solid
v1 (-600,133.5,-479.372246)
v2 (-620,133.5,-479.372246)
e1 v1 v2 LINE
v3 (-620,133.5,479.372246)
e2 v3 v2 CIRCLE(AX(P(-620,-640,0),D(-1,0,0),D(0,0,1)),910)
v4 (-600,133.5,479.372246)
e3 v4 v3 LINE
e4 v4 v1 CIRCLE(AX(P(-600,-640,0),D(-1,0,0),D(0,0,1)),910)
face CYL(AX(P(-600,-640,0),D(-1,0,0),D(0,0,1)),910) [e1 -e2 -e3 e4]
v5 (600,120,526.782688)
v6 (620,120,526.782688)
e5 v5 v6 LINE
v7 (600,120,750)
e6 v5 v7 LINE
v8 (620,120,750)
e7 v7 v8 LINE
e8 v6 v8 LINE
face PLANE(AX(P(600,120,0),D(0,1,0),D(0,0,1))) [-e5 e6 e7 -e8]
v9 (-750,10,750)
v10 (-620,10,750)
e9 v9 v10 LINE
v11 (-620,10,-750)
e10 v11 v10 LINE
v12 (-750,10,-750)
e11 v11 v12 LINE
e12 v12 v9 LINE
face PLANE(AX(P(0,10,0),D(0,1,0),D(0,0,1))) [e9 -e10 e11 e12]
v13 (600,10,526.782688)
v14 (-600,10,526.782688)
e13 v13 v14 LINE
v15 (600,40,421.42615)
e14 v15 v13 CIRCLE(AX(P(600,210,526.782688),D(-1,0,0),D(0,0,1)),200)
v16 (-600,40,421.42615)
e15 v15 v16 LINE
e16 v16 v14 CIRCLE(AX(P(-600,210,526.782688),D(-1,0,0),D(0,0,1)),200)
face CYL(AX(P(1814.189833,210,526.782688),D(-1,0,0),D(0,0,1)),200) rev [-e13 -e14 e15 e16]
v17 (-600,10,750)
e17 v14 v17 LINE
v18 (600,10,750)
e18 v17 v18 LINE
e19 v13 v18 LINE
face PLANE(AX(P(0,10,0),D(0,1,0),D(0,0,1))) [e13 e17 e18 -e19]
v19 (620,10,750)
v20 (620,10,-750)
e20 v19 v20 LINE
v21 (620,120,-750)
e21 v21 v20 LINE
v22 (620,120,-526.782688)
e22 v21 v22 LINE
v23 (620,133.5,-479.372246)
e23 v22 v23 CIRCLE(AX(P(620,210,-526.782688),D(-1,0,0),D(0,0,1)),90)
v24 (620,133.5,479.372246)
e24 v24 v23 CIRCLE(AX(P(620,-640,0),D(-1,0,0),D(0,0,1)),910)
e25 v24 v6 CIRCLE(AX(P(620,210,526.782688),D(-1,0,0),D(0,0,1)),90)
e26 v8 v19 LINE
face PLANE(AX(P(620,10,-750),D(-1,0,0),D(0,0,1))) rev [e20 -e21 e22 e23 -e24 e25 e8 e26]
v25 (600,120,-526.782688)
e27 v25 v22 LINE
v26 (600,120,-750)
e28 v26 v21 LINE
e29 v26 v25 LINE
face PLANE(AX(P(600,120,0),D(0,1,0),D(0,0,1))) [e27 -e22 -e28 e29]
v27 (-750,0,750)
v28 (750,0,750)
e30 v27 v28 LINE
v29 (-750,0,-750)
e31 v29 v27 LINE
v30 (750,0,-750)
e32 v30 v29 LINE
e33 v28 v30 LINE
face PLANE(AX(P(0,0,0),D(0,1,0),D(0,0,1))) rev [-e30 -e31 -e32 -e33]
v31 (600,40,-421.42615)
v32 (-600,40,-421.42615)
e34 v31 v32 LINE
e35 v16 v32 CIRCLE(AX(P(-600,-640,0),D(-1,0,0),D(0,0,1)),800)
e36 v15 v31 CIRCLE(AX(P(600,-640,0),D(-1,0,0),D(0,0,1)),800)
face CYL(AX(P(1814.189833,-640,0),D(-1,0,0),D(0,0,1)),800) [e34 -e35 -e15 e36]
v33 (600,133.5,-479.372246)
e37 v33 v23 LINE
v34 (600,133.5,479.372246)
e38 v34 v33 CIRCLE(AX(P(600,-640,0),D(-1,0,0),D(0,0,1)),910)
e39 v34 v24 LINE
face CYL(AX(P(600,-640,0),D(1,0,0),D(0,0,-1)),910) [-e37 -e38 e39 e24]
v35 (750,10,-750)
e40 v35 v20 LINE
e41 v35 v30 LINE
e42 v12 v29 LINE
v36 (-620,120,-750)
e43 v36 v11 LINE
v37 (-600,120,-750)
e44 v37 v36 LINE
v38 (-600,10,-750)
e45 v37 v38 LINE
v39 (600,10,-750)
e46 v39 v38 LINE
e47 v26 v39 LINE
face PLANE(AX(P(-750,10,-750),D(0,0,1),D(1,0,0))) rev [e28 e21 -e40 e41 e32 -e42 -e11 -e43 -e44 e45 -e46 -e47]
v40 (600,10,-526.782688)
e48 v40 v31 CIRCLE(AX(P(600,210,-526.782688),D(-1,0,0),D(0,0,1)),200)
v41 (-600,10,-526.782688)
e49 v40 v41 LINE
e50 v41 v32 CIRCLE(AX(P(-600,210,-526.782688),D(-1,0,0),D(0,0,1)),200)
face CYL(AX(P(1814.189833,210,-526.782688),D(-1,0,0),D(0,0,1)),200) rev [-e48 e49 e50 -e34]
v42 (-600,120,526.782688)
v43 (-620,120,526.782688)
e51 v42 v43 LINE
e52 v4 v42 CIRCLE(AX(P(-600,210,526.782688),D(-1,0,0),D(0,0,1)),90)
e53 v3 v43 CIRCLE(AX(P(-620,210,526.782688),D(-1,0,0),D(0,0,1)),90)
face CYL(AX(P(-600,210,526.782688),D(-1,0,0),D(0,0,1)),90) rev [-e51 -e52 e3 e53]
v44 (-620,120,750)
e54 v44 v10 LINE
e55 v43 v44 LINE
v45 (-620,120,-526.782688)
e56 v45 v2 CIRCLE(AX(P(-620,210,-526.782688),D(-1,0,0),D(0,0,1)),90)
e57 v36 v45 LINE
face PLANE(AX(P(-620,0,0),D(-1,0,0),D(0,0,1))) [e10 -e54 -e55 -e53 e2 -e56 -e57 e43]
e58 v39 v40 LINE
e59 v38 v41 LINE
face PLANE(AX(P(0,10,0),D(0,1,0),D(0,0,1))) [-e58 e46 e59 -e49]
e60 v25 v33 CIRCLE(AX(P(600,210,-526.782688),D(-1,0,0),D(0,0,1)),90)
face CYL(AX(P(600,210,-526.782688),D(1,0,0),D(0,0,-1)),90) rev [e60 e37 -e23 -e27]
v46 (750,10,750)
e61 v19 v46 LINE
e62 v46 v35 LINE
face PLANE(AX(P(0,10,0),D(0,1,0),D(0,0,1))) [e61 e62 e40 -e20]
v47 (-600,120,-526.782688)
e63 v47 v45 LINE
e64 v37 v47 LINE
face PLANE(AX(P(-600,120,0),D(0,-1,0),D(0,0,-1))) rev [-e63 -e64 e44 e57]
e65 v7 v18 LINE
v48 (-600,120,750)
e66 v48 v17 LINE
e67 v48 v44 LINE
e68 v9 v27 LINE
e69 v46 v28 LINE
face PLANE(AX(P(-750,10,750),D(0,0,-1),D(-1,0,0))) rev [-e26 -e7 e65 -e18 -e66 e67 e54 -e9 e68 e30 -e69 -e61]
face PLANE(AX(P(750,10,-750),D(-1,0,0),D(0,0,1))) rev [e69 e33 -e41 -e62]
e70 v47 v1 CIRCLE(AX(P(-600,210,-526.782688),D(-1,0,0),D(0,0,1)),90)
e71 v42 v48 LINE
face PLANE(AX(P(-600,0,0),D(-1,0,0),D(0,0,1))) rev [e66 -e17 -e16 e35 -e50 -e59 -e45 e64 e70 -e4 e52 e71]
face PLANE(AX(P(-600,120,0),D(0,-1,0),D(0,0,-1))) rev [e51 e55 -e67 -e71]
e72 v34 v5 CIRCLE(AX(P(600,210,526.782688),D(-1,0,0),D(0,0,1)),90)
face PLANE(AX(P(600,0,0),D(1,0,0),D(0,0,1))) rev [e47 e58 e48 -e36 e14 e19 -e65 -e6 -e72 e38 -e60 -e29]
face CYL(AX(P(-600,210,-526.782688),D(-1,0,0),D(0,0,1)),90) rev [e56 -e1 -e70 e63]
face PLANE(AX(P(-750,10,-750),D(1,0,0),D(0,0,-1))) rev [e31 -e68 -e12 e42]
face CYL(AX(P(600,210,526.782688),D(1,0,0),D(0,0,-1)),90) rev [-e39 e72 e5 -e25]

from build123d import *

# Parameters (mm, degrees)
SKETCH2_W           = 1500
SKETCH2_H           = 1500
BOSS_EXTRUDE1_DEPTH = 10
BOSS_EXTRUDE3_DEPTH = 1240
BOSS_EXTRUDE4_DEPTH = 20


with BuildPart() as part:
    # Sketch2 → Boss-Extrude1 (new body)
    with BuildSketch(Plane(origin=(0, 0, 0), x_dir=(1, 0, 0), z_dir=(0, 1, 0))):
        Rectangle(SKETCH2_W, SKETCH2_H)
    extrude(amount=BOSS_EXTRUDE1_DEPTH)

    # Sketch4 → Boss-Extrude3 (add)
    with BuildSketch(Plane.ZY.offset(620)):
        with BuildLine():
            ThreePointArc((-421.426148374, 40.000001079), (-472.010430907, 17.646159664), (-526.782687643, 10))
            Line((-526.782687643, 10), (-466.368952654, 10))
            ThreePointArc((-466.368952654, 10), (-444.150915082, 25.379564333), (-421.426148373, 40.000001079))
        make_face()
        with BuildLine():
            ThreePointArc((-421.426148373, 40.000001079), (-444.150915082, 25.379564333), (-466.368952654, 10))
            Line((-466.368952654, 10), (466.368952654, 10))
            ThreePointArc((466.368952654, 10), (444.150917669, 25.379562606), (421.426153659, 39.999997803))
            ThreePointArc((421.426153659, 39.999997803), (3.109e-06, 160), (-421.426148373, 40.000001079))
        make_face()
        with BuildLine():
            ThreePointArc((421.426153659, 39.999997803), (444.150917669, 25.379562606), (466.368952654, 10))
            Line((466.368952654, 10), (526.782687643, 10))
            ThreePointArc((526.782687643, 10), (472.010433898, 17.646158812), (421.426153659, 39.999997803))
        make_face()
    extrude(amount=-BOSS_EXTRUDE3_DEPTH)

    # Sketch5 → Boss-Extrude4 (add)
    with BuildSketch(Plane.ZY.offset(620)):
        with BuildLine():
            Line((-750, 120), (-750, 10))
            Line((-750, 10), (-526.782687643, 10))
            ThreePointArc((-526.782687643, 10), (-472.010431892, 17.646159383), (-421.426150114, 40))
            ThreePointArc((-421.426150114, 40), (-337.988327134, 85.095780378), (-249.799919936, 120))
            Line((-249.799919936, 120), (-526.782687643, 120))
            Line((-526.782687643, 120), (-750, 120))
        make_face()
        with BuildLine():
            ThreePointArc((-479.372245755, 133.5), (-502.135172555, 123.440771722), (-526.782687643, 120))
            Line((-526.782687643, 120), (-249.799919936, 120))
            ThreePointArc((-249.799919936, 120), (0, 160), (249.799919936, 120))
            Line((249.799919936, 120), (526.782687643, 120))
            ThreePointArc((526.782687643, 120), (502.135172555, 123.440771722), (479.372245755, 133.5))
            ThreePointArc((479.372245755, 133.5), (0, 270), (-479.372245755, 133.5))
        make_face()
        with BuildLine():
            ThreePointArc((421.426150114, 40), (472.010431892, 17.646159383), (526.782687643, 10))
            Line((526.782687643, 10), (750, 10))
            Line((750, 10), (750, 120))
            Line((750, 120), (526.782687643, 120))
            Line((526.782687643, 120), (249.799919936, 120))
            ThreePointArc((249.799919936, 120), (337.988327134, 85.095780378), (421.426150114, 40))
        make_face()
    boss_extrude4 = extrude(amount=-BOSS_EXTRUDE4_DEPTH)

    # Mirror1: Boss-Extrude4 across plane
    add(boss_extrude4.mirror(Plane(origin=(0, 0, 0), x_dir=(0, 0, 1), z_dir=(1, 0, 0))))


solid = part.part
